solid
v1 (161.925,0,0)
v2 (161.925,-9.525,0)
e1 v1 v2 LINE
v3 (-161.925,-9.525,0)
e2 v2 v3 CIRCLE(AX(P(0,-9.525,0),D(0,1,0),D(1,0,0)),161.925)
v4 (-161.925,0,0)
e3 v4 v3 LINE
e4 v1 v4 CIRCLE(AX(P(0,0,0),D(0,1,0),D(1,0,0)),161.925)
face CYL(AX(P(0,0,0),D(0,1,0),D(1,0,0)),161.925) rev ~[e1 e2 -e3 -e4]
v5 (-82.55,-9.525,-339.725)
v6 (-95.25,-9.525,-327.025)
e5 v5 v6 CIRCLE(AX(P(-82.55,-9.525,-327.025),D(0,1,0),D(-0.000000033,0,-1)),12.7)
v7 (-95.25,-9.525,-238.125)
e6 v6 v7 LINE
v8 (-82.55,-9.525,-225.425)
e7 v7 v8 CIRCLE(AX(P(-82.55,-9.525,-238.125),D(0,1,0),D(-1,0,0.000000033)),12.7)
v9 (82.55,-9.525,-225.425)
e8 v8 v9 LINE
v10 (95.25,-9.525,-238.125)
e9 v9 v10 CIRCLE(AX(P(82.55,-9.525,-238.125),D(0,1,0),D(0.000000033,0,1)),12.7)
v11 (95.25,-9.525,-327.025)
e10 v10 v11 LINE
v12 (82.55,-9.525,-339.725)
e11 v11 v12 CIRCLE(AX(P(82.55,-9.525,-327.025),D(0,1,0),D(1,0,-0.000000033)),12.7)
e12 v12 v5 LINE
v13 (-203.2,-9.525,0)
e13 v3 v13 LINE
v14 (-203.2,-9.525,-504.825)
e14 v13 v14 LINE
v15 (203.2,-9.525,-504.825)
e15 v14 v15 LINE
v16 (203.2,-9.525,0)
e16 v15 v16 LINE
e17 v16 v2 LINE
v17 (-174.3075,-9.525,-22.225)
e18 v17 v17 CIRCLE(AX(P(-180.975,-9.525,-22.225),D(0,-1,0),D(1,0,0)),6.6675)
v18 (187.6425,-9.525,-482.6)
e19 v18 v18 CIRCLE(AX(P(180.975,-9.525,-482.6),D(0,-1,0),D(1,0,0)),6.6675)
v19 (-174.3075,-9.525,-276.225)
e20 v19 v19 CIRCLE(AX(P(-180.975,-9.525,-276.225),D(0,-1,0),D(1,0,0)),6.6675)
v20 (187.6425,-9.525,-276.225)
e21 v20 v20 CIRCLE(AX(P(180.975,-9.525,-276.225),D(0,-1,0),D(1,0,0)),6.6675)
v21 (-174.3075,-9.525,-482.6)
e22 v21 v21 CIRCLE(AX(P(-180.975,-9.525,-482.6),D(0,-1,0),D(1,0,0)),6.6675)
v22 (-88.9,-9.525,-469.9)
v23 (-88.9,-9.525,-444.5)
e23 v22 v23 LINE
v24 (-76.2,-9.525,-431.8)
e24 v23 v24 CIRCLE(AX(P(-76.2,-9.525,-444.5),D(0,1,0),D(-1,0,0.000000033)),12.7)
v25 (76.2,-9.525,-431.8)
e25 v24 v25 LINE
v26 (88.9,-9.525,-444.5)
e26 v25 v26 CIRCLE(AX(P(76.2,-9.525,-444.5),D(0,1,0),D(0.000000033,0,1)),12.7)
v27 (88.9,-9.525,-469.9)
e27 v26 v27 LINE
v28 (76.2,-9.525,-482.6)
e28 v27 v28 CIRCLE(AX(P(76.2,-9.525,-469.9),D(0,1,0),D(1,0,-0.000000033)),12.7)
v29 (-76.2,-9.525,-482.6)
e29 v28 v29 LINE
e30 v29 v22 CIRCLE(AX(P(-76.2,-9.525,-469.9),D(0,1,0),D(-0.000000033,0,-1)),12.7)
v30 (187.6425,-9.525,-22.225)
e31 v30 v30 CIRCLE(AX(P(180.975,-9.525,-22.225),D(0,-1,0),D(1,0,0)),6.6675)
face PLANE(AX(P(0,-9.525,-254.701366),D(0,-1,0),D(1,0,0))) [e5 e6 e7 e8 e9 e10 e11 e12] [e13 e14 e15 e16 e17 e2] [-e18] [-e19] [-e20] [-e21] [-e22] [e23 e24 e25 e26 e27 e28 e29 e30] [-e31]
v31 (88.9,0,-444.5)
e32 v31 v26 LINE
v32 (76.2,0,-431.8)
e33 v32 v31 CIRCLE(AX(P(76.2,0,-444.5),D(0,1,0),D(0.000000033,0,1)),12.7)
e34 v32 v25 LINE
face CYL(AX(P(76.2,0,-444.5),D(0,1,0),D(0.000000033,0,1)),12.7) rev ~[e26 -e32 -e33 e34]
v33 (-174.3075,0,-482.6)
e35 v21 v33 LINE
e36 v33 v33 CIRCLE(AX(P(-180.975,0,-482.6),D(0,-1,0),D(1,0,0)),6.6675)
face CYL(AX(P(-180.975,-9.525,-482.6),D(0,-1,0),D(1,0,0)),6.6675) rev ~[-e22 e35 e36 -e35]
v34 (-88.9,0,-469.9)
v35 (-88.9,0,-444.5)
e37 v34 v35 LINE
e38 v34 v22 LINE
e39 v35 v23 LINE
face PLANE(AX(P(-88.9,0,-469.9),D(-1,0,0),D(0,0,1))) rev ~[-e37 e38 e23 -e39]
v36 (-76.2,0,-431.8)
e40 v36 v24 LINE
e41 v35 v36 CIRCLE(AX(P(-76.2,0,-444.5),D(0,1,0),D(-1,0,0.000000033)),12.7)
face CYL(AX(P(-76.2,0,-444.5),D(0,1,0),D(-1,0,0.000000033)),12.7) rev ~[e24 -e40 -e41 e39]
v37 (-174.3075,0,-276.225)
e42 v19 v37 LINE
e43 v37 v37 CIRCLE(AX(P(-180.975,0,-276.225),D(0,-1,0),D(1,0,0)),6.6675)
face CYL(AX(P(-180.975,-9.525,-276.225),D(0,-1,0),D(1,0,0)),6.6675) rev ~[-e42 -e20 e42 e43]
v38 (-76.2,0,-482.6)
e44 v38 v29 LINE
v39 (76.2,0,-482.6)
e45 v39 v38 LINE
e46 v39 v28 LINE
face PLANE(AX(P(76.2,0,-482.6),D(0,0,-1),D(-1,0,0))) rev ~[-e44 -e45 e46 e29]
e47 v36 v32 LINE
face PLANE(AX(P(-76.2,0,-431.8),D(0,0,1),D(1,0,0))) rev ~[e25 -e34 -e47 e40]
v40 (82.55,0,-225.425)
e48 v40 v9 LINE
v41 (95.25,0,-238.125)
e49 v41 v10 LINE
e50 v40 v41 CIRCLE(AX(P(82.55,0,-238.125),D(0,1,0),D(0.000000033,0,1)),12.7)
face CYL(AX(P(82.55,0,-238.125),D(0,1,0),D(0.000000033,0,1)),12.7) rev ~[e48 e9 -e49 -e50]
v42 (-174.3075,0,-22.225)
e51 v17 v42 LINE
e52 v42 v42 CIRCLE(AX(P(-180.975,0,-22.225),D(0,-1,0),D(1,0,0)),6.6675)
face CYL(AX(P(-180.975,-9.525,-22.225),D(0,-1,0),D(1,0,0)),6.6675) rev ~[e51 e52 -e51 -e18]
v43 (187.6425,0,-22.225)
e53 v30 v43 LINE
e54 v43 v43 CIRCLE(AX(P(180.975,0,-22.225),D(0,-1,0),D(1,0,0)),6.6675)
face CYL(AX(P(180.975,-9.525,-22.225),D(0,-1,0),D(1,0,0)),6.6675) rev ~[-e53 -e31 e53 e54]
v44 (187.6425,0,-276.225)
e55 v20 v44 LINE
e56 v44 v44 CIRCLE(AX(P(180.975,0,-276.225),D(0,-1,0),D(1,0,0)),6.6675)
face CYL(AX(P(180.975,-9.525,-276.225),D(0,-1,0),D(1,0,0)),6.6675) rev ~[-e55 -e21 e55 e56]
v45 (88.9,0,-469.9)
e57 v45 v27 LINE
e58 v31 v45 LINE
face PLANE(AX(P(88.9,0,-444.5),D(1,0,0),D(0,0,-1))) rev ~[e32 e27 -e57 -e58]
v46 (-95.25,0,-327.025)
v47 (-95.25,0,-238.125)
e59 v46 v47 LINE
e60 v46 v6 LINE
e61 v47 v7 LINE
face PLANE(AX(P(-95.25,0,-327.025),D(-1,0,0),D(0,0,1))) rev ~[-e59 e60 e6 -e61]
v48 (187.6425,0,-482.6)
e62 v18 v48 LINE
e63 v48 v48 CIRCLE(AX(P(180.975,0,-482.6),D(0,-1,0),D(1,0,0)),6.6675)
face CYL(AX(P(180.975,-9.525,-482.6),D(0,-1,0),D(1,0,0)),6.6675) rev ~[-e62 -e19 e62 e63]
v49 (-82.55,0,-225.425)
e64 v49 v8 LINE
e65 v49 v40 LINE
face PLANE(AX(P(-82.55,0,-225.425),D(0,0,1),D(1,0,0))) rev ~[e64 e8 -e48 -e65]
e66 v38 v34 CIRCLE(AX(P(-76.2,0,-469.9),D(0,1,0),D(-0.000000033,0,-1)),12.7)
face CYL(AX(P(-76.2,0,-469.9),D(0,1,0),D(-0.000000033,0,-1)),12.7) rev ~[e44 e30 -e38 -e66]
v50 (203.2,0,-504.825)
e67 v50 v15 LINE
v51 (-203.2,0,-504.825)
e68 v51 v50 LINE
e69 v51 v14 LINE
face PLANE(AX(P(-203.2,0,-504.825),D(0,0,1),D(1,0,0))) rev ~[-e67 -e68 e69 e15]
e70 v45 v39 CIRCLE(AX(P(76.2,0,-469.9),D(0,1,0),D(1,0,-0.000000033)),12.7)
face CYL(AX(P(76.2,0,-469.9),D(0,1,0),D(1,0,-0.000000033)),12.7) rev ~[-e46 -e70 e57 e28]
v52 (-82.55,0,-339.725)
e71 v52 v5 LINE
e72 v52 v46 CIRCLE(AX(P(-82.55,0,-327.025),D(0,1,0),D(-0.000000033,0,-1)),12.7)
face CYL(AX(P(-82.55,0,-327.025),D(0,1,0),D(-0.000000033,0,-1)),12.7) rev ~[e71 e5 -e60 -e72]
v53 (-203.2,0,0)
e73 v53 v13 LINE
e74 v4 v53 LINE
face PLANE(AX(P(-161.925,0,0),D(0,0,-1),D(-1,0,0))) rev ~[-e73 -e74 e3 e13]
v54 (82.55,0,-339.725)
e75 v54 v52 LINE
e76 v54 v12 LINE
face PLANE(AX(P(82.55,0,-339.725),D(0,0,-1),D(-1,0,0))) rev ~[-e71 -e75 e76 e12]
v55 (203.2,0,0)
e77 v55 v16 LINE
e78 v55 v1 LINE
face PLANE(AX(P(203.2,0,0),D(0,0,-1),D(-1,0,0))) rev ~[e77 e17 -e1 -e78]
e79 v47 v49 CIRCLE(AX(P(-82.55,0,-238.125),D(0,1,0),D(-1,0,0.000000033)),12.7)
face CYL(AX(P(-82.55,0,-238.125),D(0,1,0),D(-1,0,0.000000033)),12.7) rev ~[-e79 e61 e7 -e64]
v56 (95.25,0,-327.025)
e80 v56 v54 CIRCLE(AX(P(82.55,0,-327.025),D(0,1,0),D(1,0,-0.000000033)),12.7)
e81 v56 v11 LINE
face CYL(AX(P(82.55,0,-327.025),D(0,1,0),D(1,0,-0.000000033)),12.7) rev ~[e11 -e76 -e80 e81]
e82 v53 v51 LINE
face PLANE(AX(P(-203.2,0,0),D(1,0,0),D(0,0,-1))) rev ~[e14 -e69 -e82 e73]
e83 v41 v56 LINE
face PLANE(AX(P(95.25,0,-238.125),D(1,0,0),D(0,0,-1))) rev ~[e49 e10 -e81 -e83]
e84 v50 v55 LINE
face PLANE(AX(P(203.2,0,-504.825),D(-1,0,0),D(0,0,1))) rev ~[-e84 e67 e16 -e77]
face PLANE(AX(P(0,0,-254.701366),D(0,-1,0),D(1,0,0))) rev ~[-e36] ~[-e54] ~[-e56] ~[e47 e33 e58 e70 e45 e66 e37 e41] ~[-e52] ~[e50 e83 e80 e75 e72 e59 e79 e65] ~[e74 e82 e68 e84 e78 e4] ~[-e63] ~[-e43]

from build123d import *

# Parameters (mm, degrees)
F1_DEPTH = 9.525
F2_R     = 6.6675
F3_DEPTH = 9.526


with BuildPart() as f1:
    # F0 (on Front) → F1 (new body)
    with BuildSketch(Plane.XZ):
        with BuildLine():
            ThreePointArc((161.925, 0), (0, -161.925), (-161.925, 0))
            Line((-161.925, 0), (-203.2, 0))
            Line((-203.2, 0), (-203.2, -504.825))
            Line((-203.2, -504.825), (203.2, -504.825))
            Line((203.2, -504.825), (203.2, 0))
            Line((203.2, 0), (161.925, 0))
        make_face()
        with BuildLine():
            Line((-88.9, -469.9), (-88.9, -444.5))
            ThreePointArc((-88.9, -444.5), (-85.180256, -435.519744), (-76.2, -431.8))
            Line((-76.2, -431.8), (76.2, -431.8))
            ThreePointArc((76.2, -431.8), (85.180256, -435.519744), (88.9, -444.5))
            Line((88.9, -444.5), (88.9, -469.9))
            ThreePointArc((88.9, -469.9), (85.180256, -478.880256), (76.2, -482.6))
            Line((76.2, -482.6), (-76.2, -482.6))
            ThreePointArc((-76.2, -482.6), (-85.180256, -478.880256), (-88.9, -469.9))
        make_face(mode=Mode.SUBTRACT)
        with BuildLine():
            Line((-95.25, -327.025), (-95.25, -238.125))
            ThreePointArc((-95.25, -238.125), (-91.530256, -229.144744), (-82.55, -225.425))
            Line((-82.55, -225.425), (82.55, -225.425))
            ThreePointArc((82.55, -225.425), (91.530256, -229.144744), (95.25, -238.125))
            Line((95.25, -238.125), (95.25, -327.025))
            ThreePointArc((95.25, -327.025), (91.530256, -336.005256), (82.55, -339.725))
            Line((82.55, -339.725), (-82.55, -339.725))
            ThreePointArc((-82.55, -339.725), (-91.530256, -336.005256), (-95.25, -327.025))
        make_face(mode=Mode.SUBTRACT)
    extrude(amount=F1_DEPTH)

    # F2 (on face) → F3 (cut, through all)
    with BuildSketch(Plane.XZ.offset(9.525)):
        with Locations((-180.975, -482.6)):
            Circle(F2_R)
        with Locations((180.975, -482.6)):
            Circle(F2_R)
        with Locations((-180.975, -22.225)):
            Circle(F2_R)
        with Locations((180.975, -22.225)):
            Circle(F2_R)
        with Locations((180.975, -276.225)):
            Circle(F2_R)
        with Locations((-180.975, -276.225)):
            Circle(F2_R)
    extrude(amount=-F3_DEPTH, mode=Mode.SUBTRACT)


solid = f1.part
